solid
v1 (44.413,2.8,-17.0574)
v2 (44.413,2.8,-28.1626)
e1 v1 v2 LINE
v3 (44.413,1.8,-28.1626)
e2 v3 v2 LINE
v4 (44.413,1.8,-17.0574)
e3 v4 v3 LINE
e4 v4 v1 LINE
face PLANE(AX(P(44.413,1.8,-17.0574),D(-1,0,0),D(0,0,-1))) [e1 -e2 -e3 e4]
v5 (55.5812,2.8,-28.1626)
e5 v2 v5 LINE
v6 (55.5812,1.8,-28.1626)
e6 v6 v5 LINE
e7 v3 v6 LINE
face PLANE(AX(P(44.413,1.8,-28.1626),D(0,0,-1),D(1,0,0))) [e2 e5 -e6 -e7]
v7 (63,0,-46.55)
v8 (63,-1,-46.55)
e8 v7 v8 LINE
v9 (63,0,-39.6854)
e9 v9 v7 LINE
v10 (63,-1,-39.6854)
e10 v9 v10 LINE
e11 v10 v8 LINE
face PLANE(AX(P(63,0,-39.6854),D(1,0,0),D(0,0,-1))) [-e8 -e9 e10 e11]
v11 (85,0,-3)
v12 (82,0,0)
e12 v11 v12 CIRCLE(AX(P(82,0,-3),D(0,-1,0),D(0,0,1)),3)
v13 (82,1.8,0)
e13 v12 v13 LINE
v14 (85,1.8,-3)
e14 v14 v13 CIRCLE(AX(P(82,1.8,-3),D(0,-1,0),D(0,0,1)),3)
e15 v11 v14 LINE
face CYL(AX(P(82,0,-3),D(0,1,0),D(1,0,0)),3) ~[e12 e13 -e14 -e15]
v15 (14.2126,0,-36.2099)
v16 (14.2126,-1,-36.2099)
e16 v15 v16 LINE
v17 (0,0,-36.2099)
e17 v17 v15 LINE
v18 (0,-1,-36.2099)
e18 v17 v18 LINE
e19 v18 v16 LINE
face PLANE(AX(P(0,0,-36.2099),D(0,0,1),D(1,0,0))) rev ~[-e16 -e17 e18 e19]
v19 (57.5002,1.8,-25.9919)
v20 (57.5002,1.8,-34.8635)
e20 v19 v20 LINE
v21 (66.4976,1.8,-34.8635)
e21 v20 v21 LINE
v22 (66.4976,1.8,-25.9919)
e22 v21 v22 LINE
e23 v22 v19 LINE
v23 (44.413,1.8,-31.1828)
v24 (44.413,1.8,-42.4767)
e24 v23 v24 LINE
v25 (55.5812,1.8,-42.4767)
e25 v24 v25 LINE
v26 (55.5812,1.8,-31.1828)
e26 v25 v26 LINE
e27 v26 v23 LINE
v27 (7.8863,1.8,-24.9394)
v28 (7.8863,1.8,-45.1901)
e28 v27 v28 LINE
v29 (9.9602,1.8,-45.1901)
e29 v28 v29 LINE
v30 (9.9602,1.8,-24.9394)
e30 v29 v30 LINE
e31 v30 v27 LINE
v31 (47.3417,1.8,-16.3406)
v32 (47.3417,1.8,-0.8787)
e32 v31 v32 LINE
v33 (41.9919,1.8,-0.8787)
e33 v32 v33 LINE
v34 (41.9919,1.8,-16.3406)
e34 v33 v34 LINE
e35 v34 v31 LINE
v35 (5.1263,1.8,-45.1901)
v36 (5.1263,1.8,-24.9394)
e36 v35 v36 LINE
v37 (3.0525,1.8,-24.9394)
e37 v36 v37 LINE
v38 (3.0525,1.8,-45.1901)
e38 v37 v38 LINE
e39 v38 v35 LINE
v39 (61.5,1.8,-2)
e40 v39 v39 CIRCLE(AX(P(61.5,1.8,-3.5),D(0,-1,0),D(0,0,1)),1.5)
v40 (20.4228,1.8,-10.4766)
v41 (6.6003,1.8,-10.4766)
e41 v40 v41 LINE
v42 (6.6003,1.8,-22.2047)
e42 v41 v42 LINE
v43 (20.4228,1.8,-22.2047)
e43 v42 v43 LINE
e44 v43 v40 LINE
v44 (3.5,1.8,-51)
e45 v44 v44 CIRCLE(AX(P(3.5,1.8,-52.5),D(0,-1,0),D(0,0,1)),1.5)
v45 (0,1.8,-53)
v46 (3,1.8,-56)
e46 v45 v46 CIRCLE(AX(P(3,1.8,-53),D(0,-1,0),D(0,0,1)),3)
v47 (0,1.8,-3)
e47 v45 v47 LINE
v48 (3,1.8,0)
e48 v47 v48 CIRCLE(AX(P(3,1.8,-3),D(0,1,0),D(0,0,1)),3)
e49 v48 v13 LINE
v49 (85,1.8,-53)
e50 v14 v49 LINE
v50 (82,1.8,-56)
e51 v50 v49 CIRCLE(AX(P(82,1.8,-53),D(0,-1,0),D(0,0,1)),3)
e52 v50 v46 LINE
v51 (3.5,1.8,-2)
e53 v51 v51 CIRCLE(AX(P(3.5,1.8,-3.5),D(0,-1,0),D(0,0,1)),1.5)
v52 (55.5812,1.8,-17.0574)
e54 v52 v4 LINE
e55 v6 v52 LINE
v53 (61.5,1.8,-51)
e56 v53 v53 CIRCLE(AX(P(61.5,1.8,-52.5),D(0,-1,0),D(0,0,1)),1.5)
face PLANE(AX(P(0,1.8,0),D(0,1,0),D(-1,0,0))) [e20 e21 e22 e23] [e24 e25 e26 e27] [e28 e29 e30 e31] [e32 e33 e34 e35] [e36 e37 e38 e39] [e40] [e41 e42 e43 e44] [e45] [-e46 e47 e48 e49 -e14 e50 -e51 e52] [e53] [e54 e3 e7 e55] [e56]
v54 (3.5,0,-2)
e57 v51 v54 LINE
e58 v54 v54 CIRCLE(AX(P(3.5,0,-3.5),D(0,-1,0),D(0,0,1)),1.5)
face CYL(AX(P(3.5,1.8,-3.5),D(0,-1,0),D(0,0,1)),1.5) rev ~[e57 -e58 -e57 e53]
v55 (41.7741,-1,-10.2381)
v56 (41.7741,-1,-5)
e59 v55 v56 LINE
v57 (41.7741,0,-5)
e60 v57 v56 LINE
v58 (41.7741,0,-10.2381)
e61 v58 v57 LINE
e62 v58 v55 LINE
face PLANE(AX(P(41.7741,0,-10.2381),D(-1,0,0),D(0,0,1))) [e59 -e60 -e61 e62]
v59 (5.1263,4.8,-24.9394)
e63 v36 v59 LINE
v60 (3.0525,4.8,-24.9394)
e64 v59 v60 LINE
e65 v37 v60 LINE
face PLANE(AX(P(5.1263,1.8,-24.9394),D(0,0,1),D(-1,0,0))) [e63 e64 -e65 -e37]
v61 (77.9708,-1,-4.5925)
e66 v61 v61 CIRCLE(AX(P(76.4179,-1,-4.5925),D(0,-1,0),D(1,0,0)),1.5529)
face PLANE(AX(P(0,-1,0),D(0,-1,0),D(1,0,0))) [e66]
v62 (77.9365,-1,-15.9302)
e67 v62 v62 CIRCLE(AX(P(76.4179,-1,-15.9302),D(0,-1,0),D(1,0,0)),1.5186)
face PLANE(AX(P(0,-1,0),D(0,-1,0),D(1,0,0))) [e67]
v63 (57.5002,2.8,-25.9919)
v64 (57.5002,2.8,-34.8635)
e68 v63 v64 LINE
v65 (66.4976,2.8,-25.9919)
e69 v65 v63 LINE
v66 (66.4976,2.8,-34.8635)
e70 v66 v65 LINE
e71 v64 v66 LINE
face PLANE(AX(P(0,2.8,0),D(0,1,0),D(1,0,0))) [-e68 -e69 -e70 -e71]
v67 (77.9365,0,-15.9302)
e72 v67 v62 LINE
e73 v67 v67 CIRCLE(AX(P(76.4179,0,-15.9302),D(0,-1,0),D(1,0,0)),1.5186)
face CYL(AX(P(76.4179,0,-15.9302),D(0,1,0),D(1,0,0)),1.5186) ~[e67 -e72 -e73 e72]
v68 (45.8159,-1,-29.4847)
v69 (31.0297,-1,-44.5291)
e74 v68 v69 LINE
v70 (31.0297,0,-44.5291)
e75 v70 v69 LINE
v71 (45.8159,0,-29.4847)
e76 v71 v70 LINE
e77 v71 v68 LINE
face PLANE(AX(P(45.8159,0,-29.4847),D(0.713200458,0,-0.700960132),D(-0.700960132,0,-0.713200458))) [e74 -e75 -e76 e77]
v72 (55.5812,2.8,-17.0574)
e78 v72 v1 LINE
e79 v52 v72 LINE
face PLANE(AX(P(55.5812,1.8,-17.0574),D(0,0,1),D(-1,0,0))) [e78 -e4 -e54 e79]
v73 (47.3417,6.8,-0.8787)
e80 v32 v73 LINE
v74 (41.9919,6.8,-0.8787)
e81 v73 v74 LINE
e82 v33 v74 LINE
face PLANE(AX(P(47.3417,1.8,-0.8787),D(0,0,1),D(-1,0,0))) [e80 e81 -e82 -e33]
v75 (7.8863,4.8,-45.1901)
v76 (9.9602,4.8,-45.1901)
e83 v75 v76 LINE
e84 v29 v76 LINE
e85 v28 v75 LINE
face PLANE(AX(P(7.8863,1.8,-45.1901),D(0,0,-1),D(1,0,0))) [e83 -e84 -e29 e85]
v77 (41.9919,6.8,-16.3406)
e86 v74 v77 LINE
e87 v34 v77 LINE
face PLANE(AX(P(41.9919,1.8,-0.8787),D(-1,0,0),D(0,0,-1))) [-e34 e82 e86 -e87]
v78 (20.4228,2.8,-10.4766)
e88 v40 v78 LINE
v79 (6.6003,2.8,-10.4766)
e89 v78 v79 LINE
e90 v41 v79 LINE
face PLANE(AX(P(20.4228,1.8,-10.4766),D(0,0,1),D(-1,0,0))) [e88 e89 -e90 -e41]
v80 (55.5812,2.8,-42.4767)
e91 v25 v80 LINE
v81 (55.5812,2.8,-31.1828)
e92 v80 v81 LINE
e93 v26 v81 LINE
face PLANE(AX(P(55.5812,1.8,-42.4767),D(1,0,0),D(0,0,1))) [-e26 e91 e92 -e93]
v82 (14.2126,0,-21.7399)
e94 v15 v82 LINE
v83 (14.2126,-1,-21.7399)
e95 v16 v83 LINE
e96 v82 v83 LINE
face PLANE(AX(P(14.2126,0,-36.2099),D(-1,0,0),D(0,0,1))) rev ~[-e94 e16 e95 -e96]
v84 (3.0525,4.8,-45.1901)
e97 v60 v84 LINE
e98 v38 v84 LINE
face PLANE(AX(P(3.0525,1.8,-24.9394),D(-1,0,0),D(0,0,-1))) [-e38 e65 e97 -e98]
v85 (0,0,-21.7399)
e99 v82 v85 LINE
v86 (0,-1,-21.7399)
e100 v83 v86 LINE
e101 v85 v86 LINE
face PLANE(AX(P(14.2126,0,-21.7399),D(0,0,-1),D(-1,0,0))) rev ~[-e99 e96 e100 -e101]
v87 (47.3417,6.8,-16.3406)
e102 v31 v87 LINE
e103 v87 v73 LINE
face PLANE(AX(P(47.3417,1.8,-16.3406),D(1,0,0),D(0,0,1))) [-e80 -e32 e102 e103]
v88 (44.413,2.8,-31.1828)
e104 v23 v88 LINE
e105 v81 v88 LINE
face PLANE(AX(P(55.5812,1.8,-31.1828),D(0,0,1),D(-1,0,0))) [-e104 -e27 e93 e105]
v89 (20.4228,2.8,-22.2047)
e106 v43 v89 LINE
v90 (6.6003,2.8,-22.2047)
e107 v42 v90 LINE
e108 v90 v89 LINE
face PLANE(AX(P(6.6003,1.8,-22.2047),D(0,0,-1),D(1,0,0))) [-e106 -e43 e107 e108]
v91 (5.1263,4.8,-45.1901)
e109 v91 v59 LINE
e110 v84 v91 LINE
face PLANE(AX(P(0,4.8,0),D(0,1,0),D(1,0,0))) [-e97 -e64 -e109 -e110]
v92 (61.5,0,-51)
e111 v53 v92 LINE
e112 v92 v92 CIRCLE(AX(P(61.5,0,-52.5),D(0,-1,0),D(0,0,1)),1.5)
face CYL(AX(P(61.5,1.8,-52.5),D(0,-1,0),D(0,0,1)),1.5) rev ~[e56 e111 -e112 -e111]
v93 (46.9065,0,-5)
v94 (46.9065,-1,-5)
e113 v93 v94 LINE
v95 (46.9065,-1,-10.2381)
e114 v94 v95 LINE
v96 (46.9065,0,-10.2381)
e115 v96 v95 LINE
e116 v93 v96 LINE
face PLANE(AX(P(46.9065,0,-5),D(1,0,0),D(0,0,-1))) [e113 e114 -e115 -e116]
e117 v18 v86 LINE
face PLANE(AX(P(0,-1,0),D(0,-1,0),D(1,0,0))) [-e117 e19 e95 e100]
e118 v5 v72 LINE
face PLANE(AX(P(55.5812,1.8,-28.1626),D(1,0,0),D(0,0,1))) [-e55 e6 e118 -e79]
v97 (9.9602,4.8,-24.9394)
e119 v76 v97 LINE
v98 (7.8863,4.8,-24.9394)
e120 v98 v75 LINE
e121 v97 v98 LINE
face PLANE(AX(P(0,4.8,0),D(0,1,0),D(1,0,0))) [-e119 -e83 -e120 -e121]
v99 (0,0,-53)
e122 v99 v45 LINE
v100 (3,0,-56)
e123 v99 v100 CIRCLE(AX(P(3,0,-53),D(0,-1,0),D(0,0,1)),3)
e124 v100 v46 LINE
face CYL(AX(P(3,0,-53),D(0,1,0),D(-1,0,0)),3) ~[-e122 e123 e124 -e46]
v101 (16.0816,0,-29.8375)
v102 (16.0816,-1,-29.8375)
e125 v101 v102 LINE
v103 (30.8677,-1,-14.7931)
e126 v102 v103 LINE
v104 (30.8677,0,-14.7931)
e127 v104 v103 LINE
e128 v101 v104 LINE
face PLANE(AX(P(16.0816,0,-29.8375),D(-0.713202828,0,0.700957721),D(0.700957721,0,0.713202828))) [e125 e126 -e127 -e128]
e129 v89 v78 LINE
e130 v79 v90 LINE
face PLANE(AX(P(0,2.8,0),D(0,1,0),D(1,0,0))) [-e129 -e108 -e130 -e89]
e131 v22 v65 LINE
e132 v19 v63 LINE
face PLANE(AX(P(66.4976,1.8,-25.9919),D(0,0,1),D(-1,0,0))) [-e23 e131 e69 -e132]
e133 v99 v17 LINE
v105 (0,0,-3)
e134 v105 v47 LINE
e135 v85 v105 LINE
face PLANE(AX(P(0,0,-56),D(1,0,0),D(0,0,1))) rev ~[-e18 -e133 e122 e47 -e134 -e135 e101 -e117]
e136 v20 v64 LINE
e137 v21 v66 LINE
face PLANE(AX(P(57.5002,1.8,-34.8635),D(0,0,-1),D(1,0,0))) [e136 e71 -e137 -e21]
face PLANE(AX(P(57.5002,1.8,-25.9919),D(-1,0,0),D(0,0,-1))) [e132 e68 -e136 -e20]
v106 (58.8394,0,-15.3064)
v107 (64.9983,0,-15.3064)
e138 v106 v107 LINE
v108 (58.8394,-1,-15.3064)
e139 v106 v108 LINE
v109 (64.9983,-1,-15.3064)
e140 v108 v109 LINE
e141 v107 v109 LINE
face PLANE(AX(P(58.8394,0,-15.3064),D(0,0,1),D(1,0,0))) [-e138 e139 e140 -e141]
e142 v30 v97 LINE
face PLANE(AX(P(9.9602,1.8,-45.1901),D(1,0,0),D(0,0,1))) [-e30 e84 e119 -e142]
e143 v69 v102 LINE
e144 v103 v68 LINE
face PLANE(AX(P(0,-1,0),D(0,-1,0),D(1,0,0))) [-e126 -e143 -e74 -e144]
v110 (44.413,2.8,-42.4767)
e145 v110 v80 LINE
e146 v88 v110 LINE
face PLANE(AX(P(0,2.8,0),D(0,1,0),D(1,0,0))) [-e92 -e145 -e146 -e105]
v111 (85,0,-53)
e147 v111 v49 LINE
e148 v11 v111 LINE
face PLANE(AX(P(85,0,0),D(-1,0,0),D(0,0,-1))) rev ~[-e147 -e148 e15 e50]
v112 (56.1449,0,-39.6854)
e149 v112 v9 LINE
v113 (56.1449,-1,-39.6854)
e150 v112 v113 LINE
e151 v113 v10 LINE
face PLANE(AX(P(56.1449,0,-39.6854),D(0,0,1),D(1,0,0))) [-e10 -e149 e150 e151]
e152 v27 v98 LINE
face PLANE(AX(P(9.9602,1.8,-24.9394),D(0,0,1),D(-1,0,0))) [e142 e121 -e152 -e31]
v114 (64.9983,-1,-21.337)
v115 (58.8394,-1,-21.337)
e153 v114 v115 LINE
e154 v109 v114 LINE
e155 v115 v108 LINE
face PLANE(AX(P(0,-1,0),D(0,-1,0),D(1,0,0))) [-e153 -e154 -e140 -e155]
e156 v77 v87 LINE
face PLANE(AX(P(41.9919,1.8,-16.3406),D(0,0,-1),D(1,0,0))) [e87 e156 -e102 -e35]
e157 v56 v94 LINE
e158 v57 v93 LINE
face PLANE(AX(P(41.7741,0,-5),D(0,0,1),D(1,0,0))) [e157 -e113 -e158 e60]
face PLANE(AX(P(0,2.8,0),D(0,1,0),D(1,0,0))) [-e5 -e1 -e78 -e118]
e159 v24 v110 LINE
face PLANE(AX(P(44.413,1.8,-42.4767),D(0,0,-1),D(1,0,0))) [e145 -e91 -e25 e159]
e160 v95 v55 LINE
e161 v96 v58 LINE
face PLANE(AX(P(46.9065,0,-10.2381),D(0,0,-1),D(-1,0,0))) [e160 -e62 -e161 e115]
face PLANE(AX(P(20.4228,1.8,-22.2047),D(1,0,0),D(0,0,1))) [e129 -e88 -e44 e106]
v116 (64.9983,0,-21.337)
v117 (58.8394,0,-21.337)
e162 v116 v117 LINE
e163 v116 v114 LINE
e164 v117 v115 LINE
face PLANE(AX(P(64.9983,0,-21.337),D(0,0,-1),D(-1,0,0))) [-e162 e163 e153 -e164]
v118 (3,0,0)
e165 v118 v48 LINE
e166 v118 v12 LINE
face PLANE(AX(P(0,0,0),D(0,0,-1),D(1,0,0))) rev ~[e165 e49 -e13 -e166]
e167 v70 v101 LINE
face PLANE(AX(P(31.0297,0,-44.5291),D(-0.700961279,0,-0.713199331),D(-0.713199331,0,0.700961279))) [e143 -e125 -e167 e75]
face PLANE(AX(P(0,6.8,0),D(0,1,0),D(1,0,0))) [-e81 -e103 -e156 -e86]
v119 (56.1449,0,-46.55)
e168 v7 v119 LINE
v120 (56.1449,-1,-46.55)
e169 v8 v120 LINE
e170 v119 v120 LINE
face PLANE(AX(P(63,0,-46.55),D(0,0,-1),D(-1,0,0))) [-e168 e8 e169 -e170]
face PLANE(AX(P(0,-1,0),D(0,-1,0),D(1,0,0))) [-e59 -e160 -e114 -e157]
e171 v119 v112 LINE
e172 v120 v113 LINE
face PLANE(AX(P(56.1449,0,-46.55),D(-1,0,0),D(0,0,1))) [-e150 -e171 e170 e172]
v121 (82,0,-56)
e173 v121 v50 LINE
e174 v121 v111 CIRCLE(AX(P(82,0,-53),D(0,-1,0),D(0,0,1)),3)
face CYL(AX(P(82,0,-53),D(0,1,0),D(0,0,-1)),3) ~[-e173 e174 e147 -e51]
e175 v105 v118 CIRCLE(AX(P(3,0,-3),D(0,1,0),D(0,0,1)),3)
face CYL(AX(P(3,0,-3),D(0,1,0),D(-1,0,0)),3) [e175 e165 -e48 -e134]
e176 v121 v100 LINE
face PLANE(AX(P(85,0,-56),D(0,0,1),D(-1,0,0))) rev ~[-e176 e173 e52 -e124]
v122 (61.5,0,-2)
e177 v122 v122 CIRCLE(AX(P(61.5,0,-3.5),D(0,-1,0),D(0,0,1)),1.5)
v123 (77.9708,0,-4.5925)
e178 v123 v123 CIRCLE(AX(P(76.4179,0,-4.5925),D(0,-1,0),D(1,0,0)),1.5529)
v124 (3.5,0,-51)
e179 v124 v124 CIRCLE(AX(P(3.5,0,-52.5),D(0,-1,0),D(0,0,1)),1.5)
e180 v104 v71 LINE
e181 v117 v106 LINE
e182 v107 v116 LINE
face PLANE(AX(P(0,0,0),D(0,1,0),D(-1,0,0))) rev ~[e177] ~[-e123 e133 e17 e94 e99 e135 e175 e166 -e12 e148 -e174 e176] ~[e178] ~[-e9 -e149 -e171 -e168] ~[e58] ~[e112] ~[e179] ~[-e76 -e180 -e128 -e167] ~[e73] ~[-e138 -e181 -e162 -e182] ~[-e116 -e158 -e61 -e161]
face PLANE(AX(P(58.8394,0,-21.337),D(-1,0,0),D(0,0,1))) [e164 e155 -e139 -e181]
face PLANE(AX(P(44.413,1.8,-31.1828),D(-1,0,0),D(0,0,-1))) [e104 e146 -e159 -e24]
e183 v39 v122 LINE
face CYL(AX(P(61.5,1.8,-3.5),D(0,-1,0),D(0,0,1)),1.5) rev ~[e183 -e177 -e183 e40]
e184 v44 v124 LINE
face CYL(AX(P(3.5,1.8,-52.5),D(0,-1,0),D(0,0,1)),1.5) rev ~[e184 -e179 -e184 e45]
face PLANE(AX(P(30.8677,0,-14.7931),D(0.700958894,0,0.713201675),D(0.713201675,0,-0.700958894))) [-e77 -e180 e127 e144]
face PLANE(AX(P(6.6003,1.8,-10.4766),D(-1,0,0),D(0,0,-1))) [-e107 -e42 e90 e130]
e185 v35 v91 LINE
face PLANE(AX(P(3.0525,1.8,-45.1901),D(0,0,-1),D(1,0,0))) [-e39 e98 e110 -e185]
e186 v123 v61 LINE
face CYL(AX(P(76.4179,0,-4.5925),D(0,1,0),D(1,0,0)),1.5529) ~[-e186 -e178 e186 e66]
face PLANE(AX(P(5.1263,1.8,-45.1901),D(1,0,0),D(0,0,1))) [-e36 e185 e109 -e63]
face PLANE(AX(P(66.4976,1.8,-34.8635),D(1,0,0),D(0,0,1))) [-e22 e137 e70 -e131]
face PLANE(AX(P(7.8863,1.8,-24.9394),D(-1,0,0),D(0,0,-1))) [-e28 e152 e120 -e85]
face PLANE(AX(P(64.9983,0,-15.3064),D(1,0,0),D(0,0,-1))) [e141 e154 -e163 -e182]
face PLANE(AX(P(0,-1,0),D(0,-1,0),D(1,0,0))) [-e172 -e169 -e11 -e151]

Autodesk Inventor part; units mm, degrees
ref_plane "YZ Plane" through (0, 0, 0) normal (1, 0, 0) x (0, 1, 0)
ref_plane "XZ Plane" through (0, 0, 0) normal (0, 1, 0) x (-1, 0, 0)
ref_plane "XY Plane" through (0, 0, 0) normal (0, 0, 1) x (1, 0, 0)
sketch "Sketch1" plane through (0, 0, 0) normal (0, 1, 0) x (-1, 0, 0)
  line L0 (0, 0) -> (-85, 0)
  line L1 (-85, 0) -> (-85, -56)
  line L2 (-85, -56) -> (0, -56)
  line L3 (0, -56) -> (0, 0)
  dimension "d0" = 85
  dimension "d1" = 56
extrude "Extrusion1" add sketch "Sketch1" along normal blind 1.8
fillet "Fillet1" radius 3 4 edges at (0, 0.9, 0) (85, 0.9, 0) (85, 0.9, -56) (0, 0.9, -56)
sketch "Sketch2" plane through (0, 1.8, 0) normal (0, 1, 0) x (1, 0, 0)
  line L0 (0, 53) -> (0, 3) projected
  line L1 (3, 0) -> (82, 0) projected
  line L2 (82, 56) -> (3, 56) projected
  point P0 (0, 0)
  point P1 (3.5, 52.5)
  point P2 (61.5, 52.5)
  point P3 (3.5, 3.5)
  point P4 (61.5, 3.5)
  dimension "d5" = 58
  dimension "d7" = 49
  dimension "d8" = 3.5
  dimension "d9" = 3.5
  dimension "d10" = 3.5
  dimension "d11" = 3.5
  dimension "d12" = 3.5
  dimension "d13" = 3.5
hole "Hole1" at (3.5, 1.8, -52.5) at (61.5, 1.8, -52.5) at (3.5, 1.8, -3.5) at (61.5, 1.8, -3.5) direction (0, -1, 0) diameter 3 end through all
sketch "Sketch3" plane through (0, 0, 0) normal (0, -1, 0) x (1, 0, 0)
  line L0 (0, -53) -> (0, -3) projected
  line L1 (14.2126, -21.7399) -> (0, -21.7399)
  line L2 (0, -21.7399) -> (0, -36.2099)
  line L3 (0, -36.2099) -> (14.2126, -36.2099)
  line L4 (14.2126, -36.2099) -> (14.2126, -21.7399)
  line L5 (41.7741, -5) -> (46.9065, -5)
  line L6 (46.9065, -5) -> (46.9065, -10.2381)
  line L7 (46.9065, -10.2381) -> (41.7741, -10.2381)
  line L8 (41.7741, -10.2381) -> (41.7741, -5)
  line L9 (58.8394, -15.3064) -> (64.9983, -15.3064)
  line L10 (64.9983, -15.3064) -> (64.9983, -21.337)
  line L11 (64.9983, -21.337) -> (58.8394, -21.337)
  line L12 (58.8394, -21.337) -> (58.8394, -15.3064)
  line L13 (56.1449, -39.6854) -> (63, -39.6854)
  line L14 (63, -39.6854) -> (63, -46.55)
  line L15 (63, -46.55) -> (56.1449, -46.55)
  line L16 (56.1449, -46.55) -> (56.1449, -39.6854)
  line L17 (30.8677, -14.7931) -> (45.8159, -29.4847)
  line L18 (45.8159, -29.4847) -> (31.0297, -44.5291)
  line L19 (31.0297, -44.5291) -> (16.0816, -29.8375)
  line L20 (16.0816, -29.8375) -> (30.8677, -14.7931)
  circle A0 centre (76.4179, -4.5925) radius 1.5529
  circle A1 centre (76.4179, -15.9302) radius 1.5186
  point P0 (0, 0)
extrude "Extrusion2" add sketch "Sketch3" along normal blind 1
sketch "Sketch4" plane through (0, 1.8, 0) normal (0, 1, 0) x (1, 0, 0)
  line L0 (6.6003, 22.2047) -> (20.4228, 22.2047)
  line L1 (20.4228, 22.2047) -> (20.4228, 10.4766)
  line L2 (20.4228, 10.4766) -> (6.6003, 10.4766)
  line L3 (6.6003, 10.4766) -> (6.6003, 22.2047)
  line L4 (44.413, 42.4767) -> (55.5812, 42.4767)
  line L5 (55.5812, 42.4767) -> (55.5812, 31.1828)
  line L6 (55.5812, 31.1828) -> (44.413, 31.1828)
  line L7 (44.413, 31.1828) -> (44.413, 42.4767)
  line L8 (44.413, 28.1626) -> (55.5812, 28.1626)
  line L9 (55.5812, 28.1626) -> (55.5812, 17.0574)
  line L10 (55.5812, 17.0574) -> (44.413, 17.0574)
  line L11 (44.413, 17.0574) -> (44.413, 28.1626)
  line L12 (57.5002, 34.8635) -> (66.4976, 34.8635)
  line L13 (66.4976, 34.8635) -> (66.4976, 25.9919)
  line L14 (66.4976, 25.9919) -> (57.5002, 25.9919)
  line L15 (57.5002, 25.9919) -> (57.5002, 34.8635)
  point P0 (0, 0)
extrude "Extrusion3" add sketch "Sketch4" along normal blind 1
sketch "Sketch5" plane through (0, 1.8, 0) normal (0, 1, 0) x (1, 0, 0)
  line L0 (3.0525, 45.1901) -> (5.1263, 45.1901)
  line L1 (5.1263, 45.1901) -> (5.1263, 24.9394)
  line L2 (5.1263, 24.9394) -> (3.0525, 24.9394)
  line L3 (3.0525, 24.9394) -> (3.0525, 45.1901)
  line L4 (7.8863, 45.1901) -> (9.9602, 45.1901)
  line L5 (9.9602, 45.1901) -> (9.9602, 24.9394)
  line L6 (9.9602, 24.9394) -> (7.8863, 24.9394)
  line L7 (7.8863, 24.9394) -> (7.8863, 45.1901)
  point P0 (0, 0)
  dimension "d25" = 0
extrude "Extrusion4" add sketch "Sketch5" along normal blind 3
sketch "Sketch6" plane through (0, 1.8, 0) normal (0, 1, 0) x (1, 0, 0)
  line L0 (41.9919, 16.3406) -> (47.3417, 16.3406)
  line L1 (47.3417, 16.3406) -> (47.3417, 0.8787)
  line L2 (47.3417, 0.8787) -> (41.9919, 0.8787)
  line L3 (41.9919, 0.8787) -> (41.9919, 16.3406)
  point P0 (0, 0)
extrude "Extrusion5" add sketch "Sketch6" along normal blind 5
properties part number "nanopi_m4_board"
